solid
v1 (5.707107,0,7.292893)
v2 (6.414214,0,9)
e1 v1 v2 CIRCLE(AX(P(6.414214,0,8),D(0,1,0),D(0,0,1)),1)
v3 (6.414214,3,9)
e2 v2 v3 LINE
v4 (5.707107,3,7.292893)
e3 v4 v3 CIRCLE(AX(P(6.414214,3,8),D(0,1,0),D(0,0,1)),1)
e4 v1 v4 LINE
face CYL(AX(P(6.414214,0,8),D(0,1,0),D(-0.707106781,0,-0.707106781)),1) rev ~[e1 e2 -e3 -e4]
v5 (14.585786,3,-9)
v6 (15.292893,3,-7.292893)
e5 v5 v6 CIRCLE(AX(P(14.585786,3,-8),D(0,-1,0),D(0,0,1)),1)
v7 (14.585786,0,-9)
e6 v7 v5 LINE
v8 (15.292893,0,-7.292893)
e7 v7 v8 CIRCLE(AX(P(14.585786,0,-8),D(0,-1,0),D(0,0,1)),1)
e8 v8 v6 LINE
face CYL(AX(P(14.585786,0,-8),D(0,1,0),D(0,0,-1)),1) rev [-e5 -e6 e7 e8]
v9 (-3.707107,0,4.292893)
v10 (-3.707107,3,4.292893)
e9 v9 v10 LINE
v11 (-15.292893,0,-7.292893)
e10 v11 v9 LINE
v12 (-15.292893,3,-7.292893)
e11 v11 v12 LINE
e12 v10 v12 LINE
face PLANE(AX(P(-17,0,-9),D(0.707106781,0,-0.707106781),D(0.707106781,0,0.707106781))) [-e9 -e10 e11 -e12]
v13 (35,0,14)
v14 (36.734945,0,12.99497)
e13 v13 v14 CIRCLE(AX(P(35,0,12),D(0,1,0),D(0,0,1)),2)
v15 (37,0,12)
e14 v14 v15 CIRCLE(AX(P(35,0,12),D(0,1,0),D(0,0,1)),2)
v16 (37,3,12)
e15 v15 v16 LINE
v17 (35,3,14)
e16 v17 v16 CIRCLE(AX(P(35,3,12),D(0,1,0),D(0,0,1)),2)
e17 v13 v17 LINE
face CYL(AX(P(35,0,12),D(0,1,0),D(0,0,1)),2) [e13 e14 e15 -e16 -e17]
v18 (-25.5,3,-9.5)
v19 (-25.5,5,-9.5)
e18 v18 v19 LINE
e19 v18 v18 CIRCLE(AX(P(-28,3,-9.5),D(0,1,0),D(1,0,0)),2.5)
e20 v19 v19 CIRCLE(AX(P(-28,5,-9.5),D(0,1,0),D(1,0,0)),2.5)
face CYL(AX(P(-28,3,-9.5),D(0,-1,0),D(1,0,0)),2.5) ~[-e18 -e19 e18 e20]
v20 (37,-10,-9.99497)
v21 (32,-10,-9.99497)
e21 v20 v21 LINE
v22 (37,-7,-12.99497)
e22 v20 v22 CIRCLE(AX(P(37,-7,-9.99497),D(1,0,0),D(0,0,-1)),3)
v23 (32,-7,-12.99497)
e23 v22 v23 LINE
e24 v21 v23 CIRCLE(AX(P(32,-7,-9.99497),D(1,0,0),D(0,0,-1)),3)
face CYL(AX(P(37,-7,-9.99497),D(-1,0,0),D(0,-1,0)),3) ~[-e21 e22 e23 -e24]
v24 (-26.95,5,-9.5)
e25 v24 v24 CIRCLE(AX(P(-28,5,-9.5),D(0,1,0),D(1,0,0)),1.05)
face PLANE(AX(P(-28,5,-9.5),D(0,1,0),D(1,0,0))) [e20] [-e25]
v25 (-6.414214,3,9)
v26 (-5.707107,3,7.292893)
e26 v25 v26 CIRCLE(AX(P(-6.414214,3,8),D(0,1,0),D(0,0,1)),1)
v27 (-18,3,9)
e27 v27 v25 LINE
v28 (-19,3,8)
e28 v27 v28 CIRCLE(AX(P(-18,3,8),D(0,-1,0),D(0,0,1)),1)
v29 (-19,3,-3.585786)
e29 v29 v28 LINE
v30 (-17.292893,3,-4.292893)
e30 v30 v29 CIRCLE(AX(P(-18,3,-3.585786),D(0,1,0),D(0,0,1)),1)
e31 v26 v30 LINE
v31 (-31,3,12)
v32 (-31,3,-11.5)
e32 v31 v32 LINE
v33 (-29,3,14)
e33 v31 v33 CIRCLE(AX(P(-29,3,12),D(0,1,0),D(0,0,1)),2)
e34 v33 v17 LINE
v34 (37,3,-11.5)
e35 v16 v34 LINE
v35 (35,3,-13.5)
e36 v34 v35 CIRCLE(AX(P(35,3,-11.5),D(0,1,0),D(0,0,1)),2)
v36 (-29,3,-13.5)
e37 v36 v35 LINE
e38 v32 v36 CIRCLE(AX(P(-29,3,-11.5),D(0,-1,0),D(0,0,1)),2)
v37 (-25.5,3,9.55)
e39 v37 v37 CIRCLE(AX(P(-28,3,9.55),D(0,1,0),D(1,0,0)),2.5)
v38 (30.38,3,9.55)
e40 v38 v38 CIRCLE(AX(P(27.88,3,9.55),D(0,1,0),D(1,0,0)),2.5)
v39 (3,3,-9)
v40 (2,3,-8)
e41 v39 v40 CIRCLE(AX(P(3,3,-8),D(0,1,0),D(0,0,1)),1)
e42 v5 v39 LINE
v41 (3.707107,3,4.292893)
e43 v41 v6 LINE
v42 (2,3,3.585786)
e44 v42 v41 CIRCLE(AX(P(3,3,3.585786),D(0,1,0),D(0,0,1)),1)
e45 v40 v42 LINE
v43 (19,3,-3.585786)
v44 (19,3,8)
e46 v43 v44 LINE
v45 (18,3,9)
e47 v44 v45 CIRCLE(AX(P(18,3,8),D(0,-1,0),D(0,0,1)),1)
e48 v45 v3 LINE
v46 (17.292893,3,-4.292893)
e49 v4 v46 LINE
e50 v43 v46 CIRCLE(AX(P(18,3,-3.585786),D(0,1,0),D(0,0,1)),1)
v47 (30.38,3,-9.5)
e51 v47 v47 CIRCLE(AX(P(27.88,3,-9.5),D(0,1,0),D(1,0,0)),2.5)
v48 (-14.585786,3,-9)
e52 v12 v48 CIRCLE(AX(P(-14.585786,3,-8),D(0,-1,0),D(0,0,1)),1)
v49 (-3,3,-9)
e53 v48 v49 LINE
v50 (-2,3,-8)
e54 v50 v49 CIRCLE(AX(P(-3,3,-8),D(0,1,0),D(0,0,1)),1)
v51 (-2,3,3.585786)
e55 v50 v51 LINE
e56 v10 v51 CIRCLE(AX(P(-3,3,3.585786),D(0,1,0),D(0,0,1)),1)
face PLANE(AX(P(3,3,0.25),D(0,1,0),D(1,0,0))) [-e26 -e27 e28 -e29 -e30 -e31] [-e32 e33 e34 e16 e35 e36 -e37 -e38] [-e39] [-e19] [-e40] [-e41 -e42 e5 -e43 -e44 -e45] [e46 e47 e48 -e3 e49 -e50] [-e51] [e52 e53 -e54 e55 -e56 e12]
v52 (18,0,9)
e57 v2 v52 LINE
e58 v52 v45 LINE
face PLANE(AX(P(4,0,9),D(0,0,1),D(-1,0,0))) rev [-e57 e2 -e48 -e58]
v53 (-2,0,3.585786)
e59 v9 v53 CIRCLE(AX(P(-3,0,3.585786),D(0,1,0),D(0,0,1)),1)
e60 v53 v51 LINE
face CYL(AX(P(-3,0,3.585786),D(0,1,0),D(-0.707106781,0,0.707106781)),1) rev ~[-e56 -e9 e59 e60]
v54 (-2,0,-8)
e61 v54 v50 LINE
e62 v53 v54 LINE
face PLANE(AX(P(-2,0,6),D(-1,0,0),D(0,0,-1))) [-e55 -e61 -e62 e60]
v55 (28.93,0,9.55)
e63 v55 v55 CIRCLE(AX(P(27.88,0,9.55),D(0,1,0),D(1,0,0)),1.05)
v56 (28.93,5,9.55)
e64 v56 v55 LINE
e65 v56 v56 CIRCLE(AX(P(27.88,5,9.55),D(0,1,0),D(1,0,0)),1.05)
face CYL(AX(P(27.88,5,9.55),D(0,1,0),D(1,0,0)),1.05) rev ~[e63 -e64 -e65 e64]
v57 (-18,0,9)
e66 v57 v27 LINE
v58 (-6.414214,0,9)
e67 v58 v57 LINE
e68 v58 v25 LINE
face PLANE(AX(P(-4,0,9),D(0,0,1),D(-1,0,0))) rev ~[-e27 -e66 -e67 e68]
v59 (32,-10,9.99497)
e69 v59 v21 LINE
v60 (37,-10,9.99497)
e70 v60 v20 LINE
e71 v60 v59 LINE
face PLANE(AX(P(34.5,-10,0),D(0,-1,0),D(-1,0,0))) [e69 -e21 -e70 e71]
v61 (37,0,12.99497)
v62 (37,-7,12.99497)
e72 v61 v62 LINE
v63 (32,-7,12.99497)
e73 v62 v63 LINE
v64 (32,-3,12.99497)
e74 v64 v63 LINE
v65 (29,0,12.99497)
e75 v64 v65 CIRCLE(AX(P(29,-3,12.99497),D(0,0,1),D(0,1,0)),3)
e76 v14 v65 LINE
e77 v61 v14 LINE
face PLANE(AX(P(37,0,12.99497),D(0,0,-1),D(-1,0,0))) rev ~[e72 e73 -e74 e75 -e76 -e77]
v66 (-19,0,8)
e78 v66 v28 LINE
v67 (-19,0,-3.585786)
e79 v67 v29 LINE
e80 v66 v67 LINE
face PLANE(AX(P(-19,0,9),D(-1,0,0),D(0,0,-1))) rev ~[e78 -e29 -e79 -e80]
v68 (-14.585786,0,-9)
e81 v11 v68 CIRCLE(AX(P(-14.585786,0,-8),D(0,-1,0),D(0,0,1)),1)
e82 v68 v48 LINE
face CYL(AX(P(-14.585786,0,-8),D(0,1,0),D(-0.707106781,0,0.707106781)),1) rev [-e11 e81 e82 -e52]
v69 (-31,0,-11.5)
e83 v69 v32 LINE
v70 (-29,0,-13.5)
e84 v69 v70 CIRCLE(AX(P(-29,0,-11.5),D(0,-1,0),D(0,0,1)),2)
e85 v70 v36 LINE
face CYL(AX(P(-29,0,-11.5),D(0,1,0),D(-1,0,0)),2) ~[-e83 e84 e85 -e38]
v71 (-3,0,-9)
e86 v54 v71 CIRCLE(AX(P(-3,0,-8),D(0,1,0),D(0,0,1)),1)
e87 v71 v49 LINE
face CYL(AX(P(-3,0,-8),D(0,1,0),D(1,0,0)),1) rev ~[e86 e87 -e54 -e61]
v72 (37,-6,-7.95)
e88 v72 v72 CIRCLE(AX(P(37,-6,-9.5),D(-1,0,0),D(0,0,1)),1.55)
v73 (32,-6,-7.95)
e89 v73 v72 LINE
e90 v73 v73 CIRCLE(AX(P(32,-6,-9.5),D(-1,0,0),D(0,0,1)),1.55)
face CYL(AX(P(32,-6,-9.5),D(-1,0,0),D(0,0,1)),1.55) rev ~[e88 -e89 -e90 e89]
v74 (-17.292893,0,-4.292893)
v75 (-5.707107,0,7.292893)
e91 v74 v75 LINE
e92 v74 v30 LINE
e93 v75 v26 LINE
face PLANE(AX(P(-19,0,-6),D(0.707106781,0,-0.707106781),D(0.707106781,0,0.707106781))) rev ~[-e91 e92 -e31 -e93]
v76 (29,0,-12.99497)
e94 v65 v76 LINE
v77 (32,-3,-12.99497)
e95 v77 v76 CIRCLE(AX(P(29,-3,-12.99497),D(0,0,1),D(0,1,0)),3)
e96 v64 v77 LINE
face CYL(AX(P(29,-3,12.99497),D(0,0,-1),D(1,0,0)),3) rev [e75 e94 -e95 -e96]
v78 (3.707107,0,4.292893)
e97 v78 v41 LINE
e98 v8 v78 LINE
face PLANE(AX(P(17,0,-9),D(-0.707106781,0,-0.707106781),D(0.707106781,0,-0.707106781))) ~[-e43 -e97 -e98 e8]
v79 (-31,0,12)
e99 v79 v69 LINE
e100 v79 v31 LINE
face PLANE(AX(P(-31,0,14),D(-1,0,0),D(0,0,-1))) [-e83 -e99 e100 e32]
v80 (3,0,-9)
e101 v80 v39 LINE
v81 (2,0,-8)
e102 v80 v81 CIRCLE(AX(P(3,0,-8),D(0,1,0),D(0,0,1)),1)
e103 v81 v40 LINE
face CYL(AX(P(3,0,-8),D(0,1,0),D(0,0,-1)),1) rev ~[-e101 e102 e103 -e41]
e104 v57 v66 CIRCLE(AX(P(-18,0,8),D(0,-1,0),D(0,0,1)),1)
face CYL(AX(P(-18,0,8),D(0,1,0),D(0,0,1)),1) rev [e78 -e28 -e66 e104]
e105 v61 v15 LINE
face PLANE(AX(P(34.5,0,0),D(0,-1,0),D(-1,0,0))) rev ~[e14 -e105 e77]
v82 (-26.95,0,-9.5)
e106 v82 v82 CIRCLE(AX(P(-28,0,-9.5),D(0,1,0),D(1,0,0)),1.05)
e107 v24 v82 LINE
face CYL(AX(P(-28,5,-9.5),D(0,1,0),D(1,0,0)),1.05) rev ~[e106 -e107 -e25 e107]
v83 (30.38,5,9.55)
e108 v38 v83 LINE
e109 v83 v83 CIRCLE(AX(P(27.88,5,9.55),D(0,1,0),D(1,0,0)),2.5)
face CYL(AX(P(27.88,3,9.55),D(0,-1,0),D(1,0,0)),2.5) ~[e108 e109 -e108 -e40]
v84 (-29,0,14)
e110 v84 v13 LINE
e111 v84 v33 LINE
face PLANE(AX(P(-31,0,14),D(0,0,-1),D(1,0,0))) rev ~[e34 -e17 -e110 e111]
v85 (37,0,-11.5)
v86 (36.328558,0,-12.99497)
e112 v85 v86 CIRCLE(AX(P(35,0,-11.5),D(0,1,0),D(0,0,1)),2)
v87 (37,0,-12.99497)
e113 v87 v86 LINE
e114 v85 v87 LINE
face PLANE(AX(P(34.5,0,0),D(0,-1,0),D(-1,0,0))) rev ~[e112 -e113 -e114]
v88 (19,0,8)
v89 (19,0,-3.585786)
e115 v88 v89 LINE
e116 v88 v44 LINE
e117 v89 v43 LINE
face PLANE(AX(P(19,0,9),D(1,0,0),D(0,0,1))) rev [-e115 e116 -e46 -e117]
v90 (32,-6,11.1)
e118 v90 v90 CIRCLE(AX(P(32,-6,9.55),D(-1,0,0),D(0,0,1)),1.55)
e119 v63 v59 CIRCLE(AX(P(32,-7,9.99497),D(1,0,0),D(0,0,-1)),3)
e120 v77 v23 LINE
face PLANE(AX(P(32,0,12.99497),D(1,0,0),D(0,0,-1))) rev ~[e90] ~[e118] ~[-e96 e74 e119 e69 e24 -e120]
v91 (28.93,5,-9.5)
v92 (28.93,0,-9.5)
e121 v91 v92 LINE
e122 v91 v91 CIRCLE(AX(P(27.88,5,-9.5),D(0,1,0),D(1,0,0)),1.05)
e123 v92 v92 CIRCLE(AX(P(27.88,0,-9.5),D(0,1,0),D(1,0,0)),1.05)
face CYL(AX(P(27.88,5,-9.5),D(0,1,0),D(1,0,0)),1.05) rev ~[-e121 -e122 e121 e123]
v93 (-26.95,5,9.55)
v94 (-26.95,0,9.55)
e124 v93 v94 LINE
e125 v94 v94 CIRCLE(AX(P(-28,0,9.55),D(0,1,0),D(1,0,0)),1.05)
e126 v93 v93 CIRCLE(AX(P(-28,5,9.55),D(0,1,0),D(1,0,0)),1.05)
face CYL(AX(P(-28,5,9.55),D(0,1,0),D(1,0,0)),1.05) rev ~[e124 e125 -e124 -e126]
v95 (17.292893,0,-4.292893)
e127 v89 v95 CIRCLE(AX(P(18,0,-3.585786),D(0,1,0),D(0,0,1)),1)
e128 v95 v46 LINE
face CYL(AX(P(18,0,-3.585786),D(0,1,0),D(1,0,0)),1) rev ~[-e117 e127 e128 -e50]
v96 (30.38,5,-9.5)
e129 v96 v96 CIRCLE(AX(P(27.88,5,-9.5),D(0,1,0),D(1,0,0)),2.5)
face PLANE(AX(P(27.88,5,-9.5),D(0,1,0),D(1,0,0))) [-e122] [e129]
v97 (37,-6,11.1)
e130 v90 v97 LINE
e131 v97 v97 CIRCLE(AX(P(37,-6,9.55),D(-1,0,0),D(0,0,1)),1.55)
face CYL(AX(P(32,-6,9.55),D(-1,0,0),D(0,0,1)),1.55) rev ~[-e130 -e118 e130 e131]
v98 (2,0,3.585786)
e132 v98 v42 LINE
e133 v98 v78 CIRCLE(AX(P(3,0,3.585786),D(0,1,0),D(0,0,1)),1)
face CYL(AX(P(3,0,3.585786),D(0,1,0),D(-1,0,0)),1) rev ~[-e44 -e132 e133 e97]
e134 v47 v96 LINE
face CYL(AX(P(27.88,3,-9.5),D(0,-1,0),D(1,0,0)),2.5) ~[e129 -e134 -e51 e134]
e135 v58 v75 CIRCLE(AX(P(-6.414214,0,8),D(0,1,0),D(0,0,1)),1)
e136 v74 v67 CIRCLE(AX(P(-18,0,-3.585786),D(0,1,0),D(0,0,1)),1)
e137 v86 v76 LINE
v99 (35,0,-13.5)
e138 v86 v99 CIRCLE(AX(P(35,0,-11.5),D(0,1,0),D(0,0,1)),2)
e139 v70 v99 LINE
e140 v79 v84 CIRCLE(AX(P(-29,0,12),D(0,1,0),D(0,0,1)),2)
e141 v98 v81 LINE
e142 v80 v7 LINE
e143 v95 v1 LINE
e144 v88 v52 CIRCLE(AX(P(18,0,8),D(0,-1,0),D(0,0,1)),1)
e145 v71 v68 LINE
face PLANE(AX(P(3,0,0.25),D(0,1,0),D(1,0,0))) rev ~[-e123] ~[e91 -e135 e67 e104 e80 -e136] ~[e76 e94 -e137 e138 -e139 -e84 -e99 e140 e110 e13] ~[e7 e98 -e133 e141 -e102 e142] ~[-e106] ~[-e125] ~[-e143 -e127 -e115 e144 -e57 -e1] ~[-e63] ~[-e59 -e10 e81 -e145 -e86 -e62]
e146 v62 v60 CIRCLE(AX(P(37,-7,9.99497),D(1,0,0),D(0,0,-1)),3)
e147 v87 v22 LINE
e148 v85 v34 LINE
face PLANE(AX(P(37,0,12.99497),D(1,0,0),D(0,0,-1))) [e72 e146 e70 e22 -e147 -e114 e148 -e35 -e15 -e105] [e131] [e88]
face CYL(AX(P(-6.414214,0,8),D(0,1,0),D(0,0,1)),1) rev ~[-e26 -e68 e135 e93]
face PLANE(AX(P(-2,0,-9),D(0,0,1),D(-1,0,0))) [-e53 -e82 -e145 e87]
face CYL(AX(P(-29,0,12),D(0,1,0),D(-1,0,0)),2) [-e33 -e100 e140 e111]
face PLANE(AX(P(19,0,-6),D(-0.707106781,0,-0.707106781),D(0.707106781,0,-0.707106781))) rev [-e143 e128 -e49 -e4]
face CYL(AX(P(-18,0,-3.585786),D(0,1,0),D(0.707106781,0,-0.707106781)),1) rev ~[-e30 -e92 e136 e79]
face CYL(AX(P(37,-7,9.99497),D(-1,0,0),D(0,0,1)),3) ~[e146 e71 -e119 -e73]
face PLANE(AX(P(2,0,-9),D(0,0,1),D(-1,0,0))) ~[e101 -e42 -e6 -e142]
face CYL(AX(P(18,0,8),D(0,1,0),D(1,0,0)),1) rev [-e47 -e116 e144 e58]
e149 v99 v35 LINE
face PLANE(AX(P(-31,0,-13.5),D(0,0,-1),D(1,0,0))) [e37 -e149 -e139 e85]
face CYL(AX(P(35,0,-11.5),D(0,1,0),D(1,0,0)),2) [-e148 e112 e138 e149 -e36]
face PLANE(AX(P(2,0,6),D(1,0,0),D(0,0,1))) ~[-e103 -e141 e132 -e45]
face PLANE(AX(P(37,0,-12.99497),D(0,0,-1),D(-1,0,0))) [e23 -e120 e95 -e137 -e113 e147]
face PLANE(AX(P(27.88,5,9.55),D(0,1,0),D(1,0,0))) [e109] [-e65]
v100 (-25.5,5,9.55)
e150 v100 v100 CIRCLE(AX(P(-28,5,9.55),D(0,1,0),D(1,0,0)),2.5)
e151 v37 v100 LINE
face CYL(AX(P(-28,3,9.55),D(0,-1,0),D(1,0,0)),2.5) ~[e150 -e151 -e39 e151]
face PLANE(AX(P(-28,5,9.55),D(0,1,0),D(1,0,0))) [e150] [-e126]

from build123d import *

# Parameters (mm, degrees)
SKETCH1_W            = 68
SKETCH1_H            = 27.5
BOSS_EXTRUDE1_DEPTH  = 3
FILLET1_R            = 2
SKETCH2_R            = 2.5
BOSS_EXTRUDE2_DEPTH  = 2
SKETCH4_R            = 1.05
CUT_EXTRUDE2_DEPTH   = 12
SKETCH5_W            = 5
SKETCH5_H            = 25.989939454
BOSS_EXTRUDE3_DEPTH  = 10
SKETCH6_R            = 1.55
CUT_EXTRUDE3_DEPTH   = 10
FILLET2_R            = 3
FILLET3_R            = 3
CUT_EXTRUDE4_DEPTH   = 10
FILLET4_R            = 1
FILLET4_OF_MIRROR1_R = 1


with BuildPart() as part:
    # Sketch1 → Boss-Extrude1 (new body)
    with BuildSketch(Plane(origin=(0, 0, 0), x_dir=(1, 0, 0), z_dir=(0, 1, 0))):
        with Locations((3, -0.25)):
            Rectangle(SKETCH1_W, SKETCH1_H)
    extrude(amount=BOSS_EXTRUDE1_DEPTH)

    # Fillet1
    fillet1_edges = [part.edges().sort_by_distance(p)[0] for p in [
        (-31, 1.5, -13.5),
        (37, 1.5, -13.5),
        (37, 1.5, 14),
        (-31, 1.5, 14),
    ]]
    fillet(fillet1_edges, radius=FILLET1_R)

    # Sketch2 → Boss-Extrude2 (add)
    with BuildSketch(Plane(origin=(0, 3, 0), x_dir=(1, 0, 0), z_dir=(0, 1, 0))):
        with Locations((-28, 9.5)):
            Circle(SKETCH2_R)
        with Locations((27.88, 9.5)):
            Circle(SKETCH2_R)
        with Locations((27.88, -9.55)):
            Circle(SKETCH2_R)
        with Locations((-28, -9.55)):
            Circle(SKETCH2_R)
    extrude(amount=BOSS_EXTRUDE2_DEPTH)

    # Sketch4 → Cut-Extrude2 (cut)
    with BuildSketch(Plane(origin=(0, 5, 0), x_dir=(1, 0, 0), z_dir=(0, 1, 0))):
        with Locations((-28, 9.5)):
            Circle(SKETCH4_R)
        with Locations((-28, -9.55)):
            Circle(SKETCH4_R)
        with Locations((27.88, -9.55)):
            Circle(SKETCH4_R)
        with Locations((27.88, 9.5)):
            Circle(SKETCH4_R)
    extrude(amount=-CUT_EXTRUDE2_DEPTH, mode=Mode.SUBTRACT)

    # Sketch5 → Boss-Extrude3 (add)
    with BuildSketch(Plane(origin=(0, 0, 0), x_dir=(-1, 0, 0), z_dir=(0, -1, 0))):
        with Locations((-34.5, 0)):
            Rectangle(SKETCH5_W, SKETCH5_H)
    extrude(amount=BOSS_EXTRUDE3_DEPTH)

    # Sketch6 → Cut-Extrude3 (cut)
    with BuildSketch(Plane.ZY.offset(-32)):
        with Locations((-9.5, -6)):
            Circle(SKETCH6_R)
        with Locations((9.55, -6)):
            Circle(SKETCH6_R)
    extrude(amount=-CUT_EXTRUDE3_DEPTH, mode=Mode.SUBTRACT)

    # Fillet2
    fillet2_edges = [part.edges().sort_by_distance(p)[0] for p in [
        (34.5, -10, 12.994969727),
        (34.5, -10, -12.994969727),
    ]]
    fillet(fillet2_edges, radius=FILLET2_R)

    # Fillet3
    fillet3_edges = [part.edges().sort_by_distance(p)[0] for p in [
        (32, 0, 0),
    ]]
    fillet(fillet3_edges, radius=FILLET3_R)

    # Sketch7 → Cut-Extrude4 (cut)
    with BuildSketch(Plane(origin=(0, 0, 0), x_dir=(-1, 0, 0), z_dir=(0, -1, 0))):
        Polygon((19, -9), (19, 6), (4, -9), align=None)
        Polygon((17, 9), (2, -6), (2, 9), align=None)
    cut_extrude4 = extrude(amount=-CUT_EXTRUDE4_DEPTH, mode=Mode.SUBTRACT)

    # Fillet4
    fillet4_edges = [part.edges().sort_by_distance(p)[0] for p in [
        (-2, 1.5, -9),
        (-17, 1.5, -9),
        (-2, 1.5, 6),
        (-19, 1.5, 9),
        (-4, 1.5, 9),
        (-19, 1.5, -6),
    ]]
    fillet(fillet4_edges, radius=FILLET4_R)

    # Mirror1: Cut-Extrude4 across plane
    add(cut_extrude4.mirror(Plane(origin=(0, 0, 0), x_dir=(0, 0, 1), z_dir=(1, 0, 0))), mode=Mode.SUBTRACT)

    # Fillet4 of Mirror1
    fillet4_of_mirror1_edges = [part.edges().sort_by_distance(p)[0] for p in [
        (2, 1.5, -9),
        (17, 1.5, -9),
        (2, 1.5, 6),
        (19, 1.5, 9),
        (4, 1.5, 9),
        (19, 1.5, -6),
    ]]
    fillet(fillet4_of_mirror1_edges, radius=FILLET4_OF_MIRROR1_R)


solid = part.part
